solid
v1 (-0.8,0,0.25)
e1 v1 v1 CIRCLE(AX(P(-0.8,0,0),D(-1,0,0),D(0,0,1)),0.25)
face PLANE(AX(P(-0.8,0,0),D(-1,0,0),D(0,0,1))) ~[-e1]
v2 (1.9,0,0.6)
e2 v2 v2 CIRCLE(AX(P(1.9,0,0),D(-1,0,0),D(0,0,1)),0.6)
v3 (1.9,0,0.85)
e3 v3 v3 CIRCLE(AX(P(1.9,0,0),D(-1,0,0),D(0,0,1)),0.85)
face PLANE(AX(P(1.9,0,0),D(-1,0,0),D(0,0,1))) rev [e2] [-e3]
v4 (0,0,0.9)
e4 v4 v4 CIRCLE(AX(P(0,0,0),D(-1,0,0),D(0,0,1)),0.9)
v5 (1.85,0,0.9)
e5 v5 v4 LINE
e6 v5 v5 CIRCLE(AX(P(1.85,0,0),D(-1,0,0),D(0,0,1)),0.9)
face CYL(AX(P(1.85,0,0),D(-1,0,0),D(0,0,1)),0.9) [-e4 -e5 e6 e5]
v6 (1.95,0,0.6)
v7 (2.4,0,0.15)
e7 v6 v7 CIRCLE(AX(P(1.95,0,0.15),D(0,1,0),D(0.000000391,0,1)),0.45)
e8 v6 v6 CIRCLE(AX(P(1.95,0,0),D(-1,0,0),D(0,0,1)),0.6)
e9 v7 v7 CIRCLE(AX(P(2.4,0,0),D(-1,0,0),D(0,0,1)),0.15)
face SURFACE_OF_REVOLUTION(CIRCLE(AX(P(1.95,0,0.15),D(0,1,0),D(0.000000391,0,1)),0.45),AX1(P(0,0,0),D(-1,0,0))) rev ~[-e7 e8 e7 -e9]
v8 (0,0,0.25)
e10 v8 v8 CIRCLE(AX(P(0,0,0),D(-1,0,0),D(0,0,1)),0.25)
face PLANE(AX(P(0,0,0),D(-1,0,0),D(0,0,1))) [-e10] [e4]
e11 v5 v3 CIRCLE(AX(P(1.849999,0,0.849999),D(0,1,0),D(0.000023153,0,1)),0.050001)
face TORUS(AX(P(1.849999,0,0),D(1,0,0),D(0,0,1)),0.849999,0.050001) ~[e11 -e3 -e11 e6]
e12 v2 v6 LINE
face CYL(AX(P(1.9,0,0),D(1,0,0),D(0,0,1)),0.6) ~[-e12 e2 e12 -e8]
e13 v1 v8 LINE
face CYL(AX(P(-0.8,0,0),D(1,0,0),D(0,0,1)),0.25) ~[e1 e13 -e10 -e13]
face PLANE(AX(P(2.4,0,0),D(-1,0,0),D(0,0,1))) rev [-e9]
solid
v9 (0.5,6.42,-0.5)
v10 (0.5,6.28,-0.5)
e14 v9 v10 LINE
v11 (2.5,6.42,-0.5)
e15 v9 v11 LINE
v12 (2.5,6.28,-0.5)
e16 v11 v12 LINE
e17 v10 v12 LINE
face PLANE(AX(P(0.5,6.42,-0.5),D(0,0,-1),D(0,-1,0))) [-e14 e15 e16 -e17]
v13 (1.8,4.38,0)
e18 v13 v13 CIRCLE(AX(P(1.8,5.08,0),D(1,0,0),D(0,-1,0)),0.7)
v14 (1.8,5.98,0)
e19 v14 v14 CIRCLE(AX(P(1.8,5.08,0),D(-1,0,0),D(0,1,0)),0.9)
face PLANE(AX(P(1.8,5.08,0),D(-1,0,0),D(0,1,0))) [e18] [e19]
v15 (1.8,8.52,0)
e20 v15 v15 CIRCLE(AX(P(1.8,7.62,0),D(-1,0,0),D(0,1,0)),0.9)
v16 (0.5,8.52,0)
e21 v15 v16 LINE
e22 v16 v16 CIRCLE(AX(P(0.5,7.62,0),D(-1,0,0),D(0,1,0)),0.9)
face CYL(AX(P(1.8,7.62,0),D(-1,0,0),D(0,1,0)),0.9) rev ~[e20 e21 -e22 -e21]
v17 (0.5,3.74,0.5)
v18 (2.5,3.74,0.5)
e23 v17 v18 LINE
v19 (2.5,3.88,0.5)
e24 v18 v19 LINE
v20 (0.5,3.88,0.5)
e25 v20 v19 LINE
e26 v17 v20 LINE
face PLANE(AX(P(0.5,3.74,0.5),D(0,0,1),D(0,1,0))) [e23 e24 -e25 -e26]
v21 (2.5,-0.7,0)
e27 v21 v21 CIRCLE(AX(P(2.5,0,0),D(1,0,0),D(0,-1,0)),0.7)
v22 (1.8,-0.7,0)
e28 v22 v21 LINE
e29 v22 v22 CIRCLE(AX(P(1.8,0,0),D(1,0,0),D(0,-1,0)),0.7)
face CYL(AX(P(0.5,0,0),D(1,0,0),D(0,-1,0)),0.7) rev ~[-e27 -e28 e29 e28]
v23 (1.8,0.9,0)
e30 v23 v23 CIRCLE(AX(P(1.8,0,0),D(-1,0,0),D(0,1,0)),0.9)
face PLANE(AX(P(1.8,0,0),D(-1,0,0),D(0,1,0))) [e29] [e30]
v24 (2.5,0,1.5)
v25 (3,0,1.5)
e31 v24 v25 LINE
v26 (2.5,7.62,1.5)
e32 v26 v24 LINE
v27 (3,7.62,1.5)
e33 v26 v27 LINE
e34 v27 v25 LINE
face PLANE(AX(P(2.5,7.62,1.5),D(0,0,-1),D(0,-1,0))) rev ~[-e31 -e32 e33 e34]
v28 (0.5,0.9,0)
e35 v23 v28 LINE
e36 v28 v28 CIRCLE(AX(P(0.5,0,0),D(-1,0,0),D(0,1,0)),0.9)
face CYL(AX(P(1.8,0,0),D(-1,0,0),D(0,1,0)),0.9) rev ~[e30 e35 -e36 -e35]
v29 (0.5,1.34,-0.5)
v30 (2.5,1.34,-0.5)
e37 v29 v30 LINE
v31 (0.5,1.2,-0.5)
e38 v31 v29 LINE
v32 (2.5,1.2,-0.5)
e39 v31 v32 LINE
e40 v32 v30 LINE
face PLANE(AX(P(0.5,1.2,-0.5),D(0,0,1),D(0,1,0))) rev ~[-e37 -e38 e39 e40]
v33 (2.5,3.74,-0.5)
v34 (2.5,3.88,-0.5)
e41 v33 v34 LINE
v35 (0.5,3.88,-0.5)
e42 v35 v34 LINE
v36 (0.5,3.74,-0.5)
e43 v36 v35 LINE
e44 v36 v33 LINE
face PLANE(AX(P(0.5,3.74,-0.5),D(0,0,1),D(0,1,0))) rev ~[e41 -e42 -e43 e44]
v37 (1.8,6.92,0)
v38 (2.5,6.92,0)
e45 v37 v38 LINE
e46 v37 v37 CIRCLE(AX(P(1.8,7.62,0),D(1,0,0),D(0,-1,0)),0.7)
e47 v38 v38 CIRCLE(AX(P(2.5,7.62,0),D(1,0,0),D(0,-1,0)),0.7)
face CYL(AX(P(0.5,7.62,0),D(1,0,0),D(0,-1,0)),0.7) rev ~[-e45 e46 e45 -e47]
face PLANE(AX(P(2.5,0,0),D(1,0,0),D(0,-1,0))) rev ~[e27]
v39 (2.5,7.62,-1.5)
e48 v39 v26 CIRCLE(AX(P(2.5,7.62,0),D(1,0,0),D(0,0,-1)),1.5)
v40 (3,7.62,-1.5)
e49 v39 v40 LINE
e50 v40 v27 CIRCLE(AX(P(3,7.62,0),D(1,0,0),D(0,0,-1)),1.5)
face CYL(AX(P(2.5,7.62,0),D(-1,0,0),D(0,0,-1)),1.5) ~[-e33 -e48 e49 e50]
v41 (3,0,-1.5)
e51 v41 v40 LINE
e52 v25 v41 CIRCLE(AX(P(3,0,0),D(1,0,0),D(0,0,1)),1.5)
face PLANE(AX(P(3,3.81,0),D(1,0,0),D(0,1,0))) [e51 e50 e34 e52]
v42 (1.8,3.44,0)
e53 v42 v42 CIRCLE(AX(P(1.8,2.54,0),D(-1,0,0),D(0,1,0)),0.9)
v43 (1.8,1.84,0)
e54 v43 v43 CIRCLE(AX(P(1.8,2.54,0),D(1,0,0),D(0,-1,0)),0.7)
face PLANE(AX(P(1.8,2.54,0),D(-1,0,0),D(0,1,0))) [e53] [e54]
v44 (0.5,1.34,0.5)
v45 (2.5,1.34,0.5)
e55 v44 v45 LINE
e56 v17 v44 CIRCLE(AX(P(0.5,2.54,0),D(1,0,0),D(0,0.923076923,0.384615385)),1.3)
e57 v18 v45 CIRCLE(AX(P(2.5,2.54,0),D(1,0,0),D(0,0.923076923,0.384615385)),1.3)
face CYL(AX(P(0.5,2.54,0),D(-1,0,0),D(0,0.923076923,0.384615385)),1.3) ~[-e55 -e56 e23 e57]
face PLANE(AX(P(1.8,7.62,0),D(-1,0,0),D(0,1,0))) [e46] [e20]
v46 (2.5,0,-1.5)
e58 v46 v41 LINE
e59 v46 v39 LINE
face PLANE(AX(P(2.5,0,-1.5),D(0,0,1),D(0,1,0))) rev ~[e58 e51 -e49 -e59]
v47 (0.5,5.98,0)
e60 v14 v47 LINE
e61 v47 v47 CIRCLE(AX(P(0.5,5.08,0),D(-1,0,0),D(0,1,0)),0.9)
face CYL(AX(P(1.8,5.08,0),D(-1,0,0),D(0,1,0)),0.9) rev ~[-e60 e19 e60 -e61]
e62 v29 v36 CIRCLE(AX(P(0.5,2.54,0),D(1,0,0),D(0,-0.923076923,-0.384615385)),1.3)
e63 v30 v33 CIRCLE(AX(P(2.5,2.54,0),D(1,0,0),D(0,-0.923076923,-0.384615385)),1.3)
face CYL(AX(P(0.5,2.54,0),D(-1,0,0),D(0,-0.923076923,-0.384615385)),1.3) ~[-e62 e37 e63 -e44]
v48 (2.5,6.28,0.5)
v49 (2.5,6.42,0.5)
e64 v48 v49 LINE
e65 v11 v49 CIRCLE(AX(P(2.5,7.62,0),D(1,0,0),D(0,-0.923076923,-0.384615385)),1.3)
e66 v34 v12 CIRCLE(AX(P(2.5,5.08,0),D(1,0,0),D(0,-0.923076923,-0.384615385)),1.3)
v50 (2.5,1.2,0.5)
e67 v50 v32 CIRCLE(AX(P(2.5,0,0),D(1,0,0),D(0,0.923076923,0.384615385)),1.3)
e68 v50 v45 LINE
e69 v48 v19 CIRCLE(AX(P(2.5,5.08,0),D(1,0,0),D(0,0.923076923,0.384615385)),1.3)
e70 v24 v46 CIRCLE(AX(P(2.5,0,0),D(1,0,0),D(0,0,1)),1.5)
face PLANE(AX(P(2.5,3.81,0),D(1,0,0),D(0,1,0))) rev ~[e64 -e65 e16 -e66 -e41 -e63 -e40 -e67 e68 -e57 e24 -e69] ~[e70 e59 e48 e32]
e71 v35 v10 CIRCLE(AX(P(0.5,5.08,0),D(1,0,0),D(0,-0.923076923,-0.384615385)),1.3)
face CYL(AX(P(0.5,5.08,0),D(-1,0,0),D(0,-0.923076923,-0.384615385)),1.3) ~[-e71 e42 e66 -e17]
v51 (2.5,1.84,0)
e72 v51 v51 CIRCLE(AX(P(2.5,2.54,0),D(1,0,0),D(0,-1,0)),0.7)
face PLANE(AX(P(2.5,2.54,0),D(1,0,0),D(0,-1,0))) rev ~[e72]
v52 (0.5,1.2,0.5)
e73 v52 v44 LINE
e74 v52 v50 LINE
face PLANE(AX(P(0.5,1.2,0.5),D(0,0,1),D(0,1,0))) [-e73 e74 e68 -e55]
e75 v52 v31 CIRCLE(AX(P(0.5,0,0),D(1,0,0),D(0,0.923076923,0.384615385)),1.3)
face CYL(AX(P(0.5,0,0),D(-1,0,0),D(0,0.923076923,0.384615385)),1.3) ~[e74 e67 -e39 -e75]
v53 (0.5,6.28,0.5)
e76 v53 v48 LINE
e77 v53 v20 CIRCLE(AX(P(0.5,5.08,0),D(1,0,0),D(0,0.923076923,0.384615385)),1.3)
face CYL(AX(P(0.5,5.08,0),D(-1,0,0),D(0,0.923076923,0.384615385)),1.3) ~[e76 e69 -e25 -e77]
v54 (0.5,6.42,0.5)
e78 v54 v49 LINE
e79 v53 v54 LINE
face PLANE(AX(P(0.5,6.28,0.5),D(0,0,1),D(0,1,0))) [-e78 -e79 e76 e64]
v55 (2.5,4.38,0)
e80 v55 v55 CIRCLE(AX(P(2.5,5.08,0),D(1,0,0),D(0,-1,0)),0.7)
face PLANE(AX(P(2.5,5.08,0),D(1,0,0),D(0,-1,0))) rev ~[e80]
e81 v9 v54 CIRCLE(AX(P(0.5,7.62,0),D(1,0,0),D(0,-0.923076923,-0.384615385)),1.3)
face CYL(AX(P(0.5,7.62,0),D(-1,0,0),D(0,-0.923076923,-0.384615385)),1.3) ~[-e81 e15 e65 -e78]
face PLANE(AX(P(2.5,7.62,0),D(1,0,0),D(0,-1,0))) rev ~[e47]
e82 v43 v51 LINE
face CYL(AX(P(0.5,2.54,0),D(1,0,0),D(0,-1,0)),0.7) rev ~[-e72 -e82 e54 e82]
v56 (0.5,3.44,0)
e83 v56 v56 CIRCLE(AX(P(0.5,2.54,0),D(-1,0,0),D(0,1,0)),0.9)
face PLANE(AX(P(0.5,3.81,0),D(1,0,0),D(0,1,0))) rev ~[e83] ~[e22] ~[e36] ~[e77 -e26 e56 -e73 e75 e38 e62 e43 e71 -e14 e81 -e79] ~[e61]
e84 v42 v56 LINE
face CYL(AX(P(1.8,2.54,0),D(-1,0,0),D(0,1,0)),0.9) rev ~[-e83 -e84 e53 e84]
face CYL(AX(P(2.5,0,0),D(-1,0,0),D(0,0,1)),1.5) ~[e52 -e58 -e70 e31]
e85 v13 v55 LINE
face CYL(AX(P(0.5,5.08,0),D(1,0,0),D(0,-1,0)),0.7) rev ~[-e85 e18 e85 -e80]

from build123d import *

# Parameters (mm, degrees)
PAD_DEPTH        = 2
PAD001_DEPTH     = 0.5
HOLE_D           = 1.4
HOLE_DEPTH       = 2
HOLE_CBORE_D     = 1.8
HOLE_CBORE_DEPTH = 1.3


with BuildPart() as smt_conn_pogo:
    # Sketch → Revolution (revolve)
    with BuildSketch(Plane(origin=(0, 0, 0), x_dir=(-1, 0, 0), z_dir=(0, 1, 0))):
        with BuildLine():
            Line((-1.85, 0.9), (0, 0.9))
            Line((0, 0.9), (0, 0.25))
            Line((0.8, 0.25), (0, 0.25))
            Line((0.8, 0), (0.8, 0.25))
            Line((-2.4, 0), (0.8, 0))
            Line((-2.4, 0), (-2.4, 0.15))
            ThreePointArc((-1.95, 0.6), (-2.268198, 0.468198), (-2.4, 0.15))
            Line((-1.9, 0.6), (-1.95, 0.6))
            Line((-1.9, 0.6), (-1.9, 0.85))
            ThreePointArc((-1.85, 0.9), (-1.885355, 0.885355), (-1.9, 0.85))
        make_face()
    revolve(axis=Axis((0, 0, 0), (-1, 0, 0)))


with BuildPart() as smt_conn_pogo_cap:
    # Sketch001 → Pad (new body)
    with BuildSketch(Plane.YZ.offset(0.5)):
        with BuildLine():
            ThreePointArc((1.2, 0.5), (-1.3, 0), (1.2, -0.5))
            Line((1.2, -0.5), (1.34, -0.5))
            ThreePointArc((1.34, -0.5), (2.54, -1.3), (3.74, -0.5))
            Line((3.74, -0.5), (3.88, -0.5))
            ThreePointArc((3.88, -0.5), (5.08, -1.3), (6.28, -0.5))
            Line((6.42, -0.5), (6.28, -0.5))
            ThreePointArc((6.42, -0.5), (8.92, 0), (6.42, 0.5))
            Line((6.28, 0.5), (6.42, 0.5))
            ThreePointArc((6.28, 0.5), (5.08, 1.3), (3.88, 0.5))
            Line((3.74, 0.5), (3.88, 0.5))
            ThreePointArc((3.74, 0.5), (2.54, 1.3), (1.34, 0.5))
            Line((1.2, 0.5), (1.34, 0.5))
        make_face()
    extrude(amount=PAD_DEPTH)

    # Sketch002 → Pad001 (join)
    with BuildSketch(Plane.YZ.offset(2.5)):
        with BuildLine():
            ThreePointArc((0, 1.5), (-1.5, 0), (0, -1.5))
            Line((0, -1.5), (7.62, -1.5))
            ThreePointArc((7.62, -1.5), (9.12, 0), (7.62, 1.5))
            Line((7.62, 1.5), (0, 1.5))
        make_face()
    extrude(amount=PAD001_DEPTH)

    # Hole
    with Locations(Plane(origin=(0.5, 0, 0), x_dir=(0, 1, 0), z_dir=(-1, 0, 0))):
        with Locations((0, 0), (2.54, 0), (5.08, 0), (7.62, 0)):
            CounterBoreHole(HOLE_D / 2, HOLE_CBORE_D / 2, HOLE_CBORE_DEPTH, depth=HOLE_DEPTH)


solid = Compound([smt_conn_pogo.part, smt_conn_pogo_cap.part])
